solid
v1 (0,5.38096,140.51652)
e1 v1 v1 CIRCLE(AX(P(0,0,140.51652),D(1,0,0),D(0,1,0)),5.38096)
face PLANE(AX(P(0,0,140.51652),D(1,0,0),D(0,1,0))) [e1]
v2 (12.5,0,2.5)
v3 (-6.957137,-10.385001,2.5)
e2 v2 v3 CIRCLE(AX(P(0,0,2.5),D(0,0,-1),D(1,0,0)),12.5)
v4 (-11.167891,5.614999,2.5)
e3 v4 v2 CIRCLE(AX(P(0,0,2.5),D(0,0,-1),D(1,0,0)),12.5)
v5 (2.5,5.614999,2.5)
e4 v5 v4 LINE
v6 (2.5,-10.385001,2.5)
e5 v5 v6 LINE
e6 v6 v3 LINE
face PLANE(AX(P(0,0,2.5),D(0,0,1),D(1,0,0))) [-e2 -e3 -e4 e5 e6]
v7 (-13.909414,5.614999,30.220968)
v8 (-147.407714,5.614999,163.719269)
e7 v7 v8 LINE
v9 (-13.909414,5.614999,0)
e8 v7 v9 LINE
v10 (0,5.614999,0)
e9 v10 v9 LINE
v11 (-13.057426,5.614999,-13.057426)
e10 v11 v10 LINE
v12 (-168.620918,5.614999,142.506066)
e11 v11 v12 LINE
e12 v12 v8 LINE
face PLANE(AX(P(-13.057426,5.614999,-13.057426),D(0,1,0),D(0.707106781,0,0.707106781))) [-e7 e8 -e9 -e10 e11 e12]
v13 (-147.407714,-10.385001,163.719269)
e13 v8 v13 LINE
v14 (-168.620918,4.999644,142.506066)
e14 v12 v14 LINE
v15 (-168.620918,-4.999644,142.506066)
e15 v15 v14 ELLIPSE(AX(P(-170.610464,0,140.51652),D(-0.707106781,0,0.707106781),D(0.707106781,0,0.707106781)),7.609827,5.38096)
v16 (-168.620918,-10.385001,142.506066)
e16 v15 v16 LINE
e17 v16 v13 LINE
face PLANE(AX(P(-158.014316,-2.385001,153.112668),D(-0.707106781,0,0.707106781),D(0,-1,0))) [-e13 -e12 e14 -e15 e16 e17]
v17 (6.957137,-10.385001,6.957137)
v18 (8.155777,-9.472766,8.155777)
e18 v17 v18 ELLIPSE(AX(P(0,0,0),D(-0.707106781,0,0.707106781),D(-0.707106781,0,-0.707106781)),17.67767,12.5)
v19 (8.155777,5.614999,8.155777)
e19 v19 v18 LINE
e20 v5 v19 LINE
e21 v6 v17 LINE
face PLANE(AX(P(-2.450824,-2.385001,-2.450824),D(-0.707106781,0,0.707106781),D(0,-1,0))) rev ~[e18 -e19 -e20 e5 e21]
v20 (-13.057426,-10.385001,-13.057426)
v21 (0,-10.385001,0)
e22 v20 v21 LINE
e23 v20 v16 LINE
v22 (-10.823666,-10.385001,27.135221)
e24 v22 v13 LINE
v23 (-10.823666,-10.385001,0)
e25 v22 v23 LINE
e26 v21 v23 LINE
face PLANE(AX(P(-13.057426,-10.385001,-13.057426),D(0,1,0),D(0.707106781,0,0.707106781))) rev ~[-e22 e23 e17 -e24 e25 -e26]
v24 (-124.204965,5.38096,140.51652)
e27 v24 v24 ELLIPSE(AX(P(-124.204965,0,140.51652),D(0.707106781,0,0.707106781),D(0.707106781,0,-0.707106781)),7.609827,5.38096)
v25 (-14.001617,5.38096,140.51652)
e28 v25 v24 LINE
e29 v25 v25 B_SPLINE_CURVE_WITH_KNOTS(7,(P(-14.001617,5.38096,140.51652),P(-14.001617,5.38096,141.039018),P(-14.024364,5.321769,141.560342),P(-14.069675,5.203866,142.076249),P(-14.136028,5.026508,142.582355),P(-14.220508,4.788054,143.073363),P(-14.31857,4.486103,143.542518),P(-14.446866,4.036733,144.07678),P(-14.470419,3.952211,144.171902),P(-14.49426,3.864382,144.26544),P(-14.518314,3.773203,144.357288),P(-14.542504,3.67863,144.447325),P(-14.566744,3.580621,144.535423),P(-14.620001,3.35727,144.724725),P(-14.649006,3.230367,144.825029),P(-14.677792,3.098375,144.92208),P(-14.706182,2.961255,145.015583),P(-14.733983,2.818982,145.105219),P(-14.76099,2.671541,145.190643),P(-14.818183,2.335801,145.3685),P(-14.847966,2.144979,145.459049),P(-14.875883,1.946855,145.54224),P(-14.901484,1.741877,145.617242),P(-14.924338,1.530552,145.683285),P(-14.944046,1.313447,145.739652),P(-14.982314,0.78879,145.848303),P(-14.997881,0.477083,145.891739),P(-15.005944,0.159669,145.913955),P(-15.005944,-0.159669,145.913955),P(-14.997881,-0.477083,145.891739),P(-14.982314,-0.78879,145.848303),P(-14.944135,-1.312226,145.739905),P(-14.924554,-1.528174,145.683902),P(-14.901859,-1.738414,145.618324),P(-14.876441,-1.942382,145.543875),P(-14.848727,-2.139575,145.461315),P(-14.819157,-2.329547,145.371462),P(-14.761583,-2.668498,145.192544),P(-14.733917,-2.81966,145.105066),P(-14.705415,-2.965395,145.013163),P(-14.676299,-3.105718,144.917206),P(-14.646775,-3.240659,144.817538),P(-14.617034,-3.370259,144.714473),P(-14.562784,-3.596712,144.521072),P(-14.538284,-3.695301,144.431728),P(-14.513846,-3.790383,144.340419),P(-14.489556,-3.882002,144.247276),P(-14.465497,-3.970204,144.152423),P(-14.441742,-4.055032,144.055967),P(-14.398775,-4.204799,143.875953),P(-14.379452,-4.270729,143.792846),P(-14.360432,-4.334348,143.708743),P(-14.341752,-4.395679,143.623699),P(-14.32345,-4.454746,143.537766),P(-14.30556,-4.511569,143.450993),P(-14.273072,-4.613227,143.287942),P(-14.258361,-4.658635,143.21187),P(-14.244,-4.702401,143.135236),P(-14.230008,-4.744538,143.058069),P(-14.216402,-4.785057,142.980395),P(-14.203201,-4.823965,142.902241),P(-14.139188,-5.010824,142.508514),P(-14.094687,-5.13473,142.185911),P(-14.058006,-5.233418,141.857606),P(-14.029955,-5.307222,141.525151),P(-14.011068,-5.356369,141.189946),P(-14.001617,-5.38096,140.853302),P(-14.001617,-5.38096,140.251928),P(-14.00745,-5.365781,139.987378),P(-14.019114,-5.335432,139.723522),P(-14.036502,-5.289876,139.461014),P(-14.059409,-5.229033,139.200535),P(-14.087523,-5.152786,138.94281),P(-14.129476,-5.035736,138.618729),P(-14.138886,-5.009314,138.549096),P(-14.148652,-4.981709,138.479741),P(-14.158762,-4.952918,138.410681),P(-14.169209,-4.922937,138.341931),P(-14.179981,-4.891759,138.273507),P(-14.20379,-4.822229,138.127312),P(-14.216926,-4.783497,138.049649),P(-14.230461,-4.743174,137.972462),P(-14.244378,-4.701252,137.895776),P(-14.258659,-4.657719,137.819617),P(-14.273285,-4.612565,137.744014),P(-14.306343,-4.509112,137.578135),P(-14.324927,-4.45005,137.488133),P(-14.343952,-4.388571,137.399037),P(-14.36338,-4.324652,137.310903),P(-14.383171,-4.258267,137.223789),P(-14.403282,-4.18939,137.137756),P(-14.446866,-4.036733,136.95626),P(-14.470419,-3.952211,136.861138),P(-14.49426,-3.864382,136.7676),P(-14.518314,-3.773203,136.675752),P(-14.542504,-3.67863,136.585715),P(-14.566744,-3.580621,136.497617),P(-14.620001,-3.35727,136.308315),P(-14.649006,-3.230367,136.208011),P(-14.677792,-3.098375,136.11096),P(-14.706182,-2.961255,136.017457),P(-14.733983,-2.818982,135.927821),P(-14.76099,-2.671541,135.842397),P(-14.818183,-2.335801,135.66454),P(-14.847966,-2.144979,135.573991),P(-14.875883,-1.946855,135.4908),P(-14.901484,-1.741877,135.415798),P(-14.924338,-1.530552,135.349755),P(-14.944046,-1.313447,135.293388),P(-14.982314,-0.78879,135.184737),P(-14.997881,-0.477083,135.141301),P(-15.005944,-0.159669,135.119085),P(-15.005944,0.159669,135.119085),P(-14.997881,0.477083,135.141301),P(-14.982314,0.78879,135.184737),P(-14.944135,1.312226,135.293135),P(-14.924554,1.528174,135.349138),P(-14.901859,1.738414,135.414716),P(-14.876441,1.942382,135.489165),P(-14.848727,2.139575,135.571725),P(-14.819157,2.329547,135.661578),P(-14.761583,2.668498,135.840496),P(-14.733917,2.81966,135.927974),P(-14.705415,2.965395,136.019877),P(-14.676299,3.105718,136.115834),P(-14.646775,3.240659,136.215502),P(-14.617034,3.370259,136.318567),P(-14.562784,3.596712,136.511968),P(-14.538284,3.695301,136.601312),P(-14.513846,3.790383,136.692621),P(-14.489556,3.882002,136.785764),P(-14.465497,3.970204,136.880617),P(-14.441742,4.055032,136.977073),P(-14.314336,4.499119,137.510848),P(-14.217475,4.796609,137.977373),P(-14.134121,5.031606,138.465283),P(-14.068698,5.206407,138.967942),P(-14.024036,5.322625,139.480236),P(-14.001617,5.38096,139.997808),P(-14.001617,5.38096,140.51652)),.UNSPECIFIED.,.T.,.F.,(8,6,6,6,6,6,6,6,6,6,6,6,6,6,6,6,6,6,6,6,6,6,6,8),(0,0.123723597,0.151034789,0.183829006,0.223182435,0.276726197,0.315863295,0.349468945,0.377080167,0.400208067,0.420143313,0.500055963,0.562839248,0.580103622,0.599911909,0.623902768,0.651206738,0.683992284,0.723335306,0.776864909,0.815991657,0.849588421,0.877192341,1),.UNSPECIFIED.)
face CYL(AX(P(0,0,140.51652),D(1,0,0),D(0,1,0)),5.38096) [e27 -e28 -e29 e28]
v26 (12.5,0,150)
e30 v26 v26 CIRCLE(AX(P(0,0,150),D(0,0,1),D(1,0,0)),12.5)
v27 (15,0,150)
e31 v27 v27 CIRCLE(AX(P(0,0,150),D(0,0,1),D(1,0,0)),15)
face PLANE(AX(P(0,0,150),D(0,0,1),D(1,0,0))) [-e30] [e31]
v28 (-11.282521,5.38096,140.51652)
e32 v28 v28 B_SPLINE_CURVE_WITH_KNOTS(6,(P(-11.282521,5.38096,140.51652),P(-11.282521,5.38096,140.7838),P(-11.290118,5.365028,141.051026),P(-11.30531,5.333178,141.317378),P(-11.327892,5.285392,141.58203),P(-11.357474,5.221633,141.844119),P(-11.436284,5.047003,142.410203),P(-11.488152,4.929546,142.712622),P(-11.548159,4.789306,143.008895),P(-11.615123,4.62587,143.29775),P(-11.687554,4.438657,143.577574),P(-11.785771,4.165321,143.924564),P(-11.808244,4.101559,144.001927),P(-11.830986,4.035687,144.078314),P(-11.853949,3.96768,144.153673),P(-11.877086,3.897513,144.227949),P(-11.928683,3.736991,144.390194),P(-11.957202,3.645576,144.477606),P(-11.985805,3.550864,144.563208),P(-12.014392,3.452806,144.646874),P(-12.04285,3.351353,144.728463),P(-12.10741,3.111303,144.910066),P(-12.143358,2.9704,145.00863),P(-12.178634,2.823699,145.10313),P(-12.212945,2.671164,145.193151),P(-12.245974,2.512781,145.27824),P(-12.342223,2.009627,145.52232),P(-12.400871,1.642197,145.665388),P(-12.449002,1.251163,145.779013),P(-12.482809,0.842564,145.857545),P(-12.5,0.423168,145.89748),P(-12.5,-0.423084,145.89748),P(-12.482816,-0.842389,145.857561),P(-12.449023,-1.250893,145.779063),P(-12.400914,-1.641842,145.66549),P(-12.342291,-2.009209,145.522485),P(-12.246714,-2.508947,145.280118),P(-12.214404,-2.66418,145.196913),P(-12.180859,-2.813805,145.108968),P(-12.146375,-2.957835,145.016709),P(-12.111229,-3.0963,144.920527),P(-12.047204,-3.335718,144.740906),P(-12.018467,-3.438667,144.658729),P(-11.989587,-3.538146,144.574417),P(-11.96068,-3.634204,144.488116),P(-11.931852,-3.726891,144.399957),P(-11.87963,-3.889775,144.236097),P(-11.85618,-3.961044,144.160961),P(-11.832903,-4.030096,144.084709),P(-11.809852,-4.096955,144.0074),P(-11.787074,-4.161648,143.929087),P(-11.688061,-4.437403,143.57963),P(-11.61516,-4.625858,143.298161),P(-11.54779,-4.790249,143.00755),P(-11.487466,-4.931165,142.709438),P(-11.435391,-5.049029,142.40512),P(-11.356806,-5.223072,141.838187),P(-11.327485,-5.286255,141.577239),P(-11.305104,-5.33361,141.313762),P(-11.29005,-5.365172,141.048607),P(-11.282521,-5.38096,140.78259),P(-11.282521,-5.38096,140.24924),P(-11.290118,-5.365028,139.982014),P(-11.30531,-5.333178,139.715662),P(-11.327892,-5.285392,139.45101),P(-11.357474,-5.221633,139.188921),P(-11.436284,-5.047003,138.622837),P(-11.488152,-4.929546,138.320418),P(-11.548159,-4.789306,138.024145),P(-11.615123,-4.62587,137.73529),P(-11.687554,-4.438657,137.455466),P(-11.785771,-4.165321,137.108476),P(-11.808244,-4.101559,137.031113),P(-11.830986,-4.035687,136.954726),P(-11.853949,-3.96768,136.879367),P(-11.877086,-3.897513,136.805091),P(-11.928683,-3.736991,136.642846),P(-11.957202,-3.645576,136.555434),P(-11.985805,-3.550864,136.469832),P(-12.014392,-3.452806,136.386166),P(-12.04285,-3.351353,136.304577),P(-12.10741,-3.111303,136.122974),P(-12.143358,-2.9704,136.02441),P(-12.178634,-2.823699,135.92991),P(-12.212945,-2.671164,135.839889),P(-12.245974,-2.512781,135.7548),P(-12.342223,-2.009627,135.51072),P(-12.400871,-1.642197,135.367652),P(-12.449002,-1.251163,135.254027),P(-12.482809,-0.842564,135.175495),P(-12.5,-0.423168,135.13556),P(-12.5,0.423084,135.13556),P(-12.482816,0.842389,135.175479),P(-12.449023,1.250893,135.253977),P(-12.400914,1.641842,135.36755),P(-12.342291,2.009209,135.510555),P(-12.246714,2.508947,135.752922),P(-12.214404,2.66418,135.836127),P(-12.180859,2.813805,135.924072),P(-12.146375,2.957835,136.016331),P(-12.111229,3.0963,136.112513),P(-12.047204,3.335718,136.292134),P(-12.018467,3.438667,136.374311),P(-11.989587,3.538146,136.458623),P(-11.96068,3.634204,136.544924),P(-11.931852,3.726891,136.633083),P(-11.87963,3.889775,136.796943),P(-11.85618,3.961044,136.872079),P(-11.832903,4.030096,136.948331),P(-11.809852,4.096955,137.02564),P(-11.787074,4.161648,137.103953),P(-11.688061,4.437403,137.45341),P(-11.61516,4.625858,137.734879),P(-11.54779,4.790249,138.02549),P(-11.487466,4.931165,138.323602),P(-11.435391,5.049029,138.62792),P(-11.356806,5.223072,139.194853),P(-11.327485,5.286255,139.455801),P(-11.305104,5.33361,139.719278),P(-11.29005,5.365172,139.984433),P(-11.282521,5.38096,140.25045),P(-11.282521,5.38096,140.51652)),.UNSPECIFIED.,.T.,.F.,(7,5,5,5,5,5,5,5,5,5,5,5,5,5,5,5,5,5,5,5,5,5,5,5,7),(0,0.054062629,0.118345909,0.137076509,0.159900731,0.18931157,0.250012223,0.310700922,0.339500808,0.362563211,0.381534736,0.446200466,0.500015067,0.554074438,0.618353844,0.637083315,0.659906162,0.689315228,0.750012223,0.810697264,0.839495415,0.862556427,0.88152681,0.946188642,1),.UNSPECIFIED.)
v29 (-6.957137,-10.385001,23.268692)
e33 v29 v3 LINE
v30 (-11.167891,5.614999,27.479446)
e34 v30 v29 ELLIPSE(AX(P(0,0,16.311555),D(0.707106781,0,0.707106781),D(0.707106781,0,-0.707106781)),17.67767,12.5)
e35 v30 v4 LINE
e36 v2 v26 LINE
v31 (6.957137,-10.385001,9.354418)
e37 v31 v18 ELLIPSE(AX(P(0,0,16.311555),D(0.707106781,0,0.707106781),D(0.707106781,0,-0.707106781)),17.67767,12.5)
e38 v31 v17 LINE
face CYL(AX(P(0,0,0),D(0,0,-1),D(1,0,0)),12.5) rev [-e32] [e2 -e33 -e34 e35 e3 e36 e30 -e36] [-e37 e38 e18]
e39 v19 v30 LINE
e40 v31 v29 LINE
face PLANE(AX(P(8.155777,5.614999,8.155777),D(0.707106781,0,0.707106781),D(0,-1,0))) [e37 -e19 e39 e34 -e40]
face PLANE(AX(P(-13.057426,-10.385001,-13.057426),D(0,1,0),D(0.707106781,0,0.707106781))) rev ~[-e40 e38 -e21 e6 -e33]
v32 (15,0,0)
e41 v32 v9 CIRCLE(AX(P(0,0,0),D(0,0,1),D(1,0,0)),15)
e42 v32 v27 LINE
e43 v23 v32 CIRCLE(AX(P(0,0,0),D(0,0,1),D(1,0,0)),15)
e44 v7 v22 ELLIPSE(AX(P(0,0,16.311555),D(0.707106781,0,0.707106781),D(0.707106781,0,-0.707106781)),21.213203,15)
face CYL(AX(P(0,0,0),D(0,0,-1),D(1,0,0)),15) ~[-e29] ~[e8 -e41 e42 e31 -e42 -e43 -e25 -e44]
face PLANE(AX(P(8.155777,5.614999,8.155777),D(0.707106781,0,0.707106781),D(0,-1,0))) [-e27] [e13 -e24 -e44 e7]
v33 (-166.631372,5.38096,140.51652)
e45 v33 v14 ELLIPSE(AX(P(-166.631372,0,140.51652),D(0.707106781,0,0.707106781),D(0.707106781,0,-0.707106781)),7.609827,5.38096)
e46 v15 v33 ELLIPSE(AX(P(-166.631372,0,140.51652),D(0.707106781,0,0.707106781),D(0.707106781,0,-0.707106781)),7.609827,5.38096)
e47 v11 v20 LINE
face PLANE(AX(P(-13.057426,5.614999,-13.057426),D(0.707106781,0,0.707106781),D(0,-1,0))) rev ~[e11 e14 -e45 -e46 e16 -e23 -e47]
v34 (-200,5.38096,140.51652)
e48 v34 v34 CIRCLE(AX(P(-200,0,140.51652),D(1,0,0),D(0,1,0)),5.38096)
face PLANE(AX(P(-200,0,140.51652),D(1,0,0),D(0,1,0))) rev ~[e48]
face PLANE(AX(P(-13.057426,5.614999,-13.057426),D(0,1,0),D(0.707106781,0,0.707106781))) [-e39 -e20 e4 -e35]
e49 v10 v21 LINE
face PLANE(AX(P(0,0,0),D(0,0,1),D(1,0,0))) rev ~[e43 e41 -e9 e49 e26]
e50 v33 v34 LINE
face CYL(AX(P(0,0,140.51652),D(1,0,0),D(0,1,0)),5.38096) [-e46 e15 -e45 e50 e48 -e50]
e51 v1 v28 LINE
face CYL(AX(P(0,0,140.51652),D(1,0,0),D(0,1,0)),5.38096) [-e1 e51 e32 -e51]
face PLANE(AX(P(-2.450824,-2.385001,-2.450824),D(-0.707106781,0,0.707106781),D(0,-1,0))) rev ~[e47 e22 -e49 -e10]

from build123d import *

# Parameters (mm, degrees)
F0_R     = 15
F1_DEPTH = 150
F2_T     = -2.5
F5_W     = 16
F5_H     = 30
F6_DEPTH = 220
F7_R     = 5.38096
F8_DEPTH = 200


with BuildPart() as f1:
    # F0 (on Top) → F1 (new body)
    with BuildSketch(Plane.XY):
        Circle(F0_R)
    extrude(amount=F1_DEPTH)

    # F2
    f2_openings = [f1.faces().sort_by_distance(p)[0] for p in [
        (0, 0, 150),
    ]]
    offset(amount=F2_T, openings=f2_openings)

    # F5 (on face) → F6 (join)
    with BuildSketch(Plane(origin=(0, 0, 0), x_dir=(0, -1, 0), z_dir=(-0.707107, 0, 0.707107))):
        with Locations((2.385001, -3.465989)):
            Rectangle(F5_W, F5_H)
    extrude(amount=F6_DEPTH)

    # F7 (on Right) → F8 (join)
    with BuildSketch(Plane.YZ):
        with Locations((0, 140.51652)):
            Circle(F7_R)
    extrude(amount=-F8_DEPTH)


solid = f1.part
